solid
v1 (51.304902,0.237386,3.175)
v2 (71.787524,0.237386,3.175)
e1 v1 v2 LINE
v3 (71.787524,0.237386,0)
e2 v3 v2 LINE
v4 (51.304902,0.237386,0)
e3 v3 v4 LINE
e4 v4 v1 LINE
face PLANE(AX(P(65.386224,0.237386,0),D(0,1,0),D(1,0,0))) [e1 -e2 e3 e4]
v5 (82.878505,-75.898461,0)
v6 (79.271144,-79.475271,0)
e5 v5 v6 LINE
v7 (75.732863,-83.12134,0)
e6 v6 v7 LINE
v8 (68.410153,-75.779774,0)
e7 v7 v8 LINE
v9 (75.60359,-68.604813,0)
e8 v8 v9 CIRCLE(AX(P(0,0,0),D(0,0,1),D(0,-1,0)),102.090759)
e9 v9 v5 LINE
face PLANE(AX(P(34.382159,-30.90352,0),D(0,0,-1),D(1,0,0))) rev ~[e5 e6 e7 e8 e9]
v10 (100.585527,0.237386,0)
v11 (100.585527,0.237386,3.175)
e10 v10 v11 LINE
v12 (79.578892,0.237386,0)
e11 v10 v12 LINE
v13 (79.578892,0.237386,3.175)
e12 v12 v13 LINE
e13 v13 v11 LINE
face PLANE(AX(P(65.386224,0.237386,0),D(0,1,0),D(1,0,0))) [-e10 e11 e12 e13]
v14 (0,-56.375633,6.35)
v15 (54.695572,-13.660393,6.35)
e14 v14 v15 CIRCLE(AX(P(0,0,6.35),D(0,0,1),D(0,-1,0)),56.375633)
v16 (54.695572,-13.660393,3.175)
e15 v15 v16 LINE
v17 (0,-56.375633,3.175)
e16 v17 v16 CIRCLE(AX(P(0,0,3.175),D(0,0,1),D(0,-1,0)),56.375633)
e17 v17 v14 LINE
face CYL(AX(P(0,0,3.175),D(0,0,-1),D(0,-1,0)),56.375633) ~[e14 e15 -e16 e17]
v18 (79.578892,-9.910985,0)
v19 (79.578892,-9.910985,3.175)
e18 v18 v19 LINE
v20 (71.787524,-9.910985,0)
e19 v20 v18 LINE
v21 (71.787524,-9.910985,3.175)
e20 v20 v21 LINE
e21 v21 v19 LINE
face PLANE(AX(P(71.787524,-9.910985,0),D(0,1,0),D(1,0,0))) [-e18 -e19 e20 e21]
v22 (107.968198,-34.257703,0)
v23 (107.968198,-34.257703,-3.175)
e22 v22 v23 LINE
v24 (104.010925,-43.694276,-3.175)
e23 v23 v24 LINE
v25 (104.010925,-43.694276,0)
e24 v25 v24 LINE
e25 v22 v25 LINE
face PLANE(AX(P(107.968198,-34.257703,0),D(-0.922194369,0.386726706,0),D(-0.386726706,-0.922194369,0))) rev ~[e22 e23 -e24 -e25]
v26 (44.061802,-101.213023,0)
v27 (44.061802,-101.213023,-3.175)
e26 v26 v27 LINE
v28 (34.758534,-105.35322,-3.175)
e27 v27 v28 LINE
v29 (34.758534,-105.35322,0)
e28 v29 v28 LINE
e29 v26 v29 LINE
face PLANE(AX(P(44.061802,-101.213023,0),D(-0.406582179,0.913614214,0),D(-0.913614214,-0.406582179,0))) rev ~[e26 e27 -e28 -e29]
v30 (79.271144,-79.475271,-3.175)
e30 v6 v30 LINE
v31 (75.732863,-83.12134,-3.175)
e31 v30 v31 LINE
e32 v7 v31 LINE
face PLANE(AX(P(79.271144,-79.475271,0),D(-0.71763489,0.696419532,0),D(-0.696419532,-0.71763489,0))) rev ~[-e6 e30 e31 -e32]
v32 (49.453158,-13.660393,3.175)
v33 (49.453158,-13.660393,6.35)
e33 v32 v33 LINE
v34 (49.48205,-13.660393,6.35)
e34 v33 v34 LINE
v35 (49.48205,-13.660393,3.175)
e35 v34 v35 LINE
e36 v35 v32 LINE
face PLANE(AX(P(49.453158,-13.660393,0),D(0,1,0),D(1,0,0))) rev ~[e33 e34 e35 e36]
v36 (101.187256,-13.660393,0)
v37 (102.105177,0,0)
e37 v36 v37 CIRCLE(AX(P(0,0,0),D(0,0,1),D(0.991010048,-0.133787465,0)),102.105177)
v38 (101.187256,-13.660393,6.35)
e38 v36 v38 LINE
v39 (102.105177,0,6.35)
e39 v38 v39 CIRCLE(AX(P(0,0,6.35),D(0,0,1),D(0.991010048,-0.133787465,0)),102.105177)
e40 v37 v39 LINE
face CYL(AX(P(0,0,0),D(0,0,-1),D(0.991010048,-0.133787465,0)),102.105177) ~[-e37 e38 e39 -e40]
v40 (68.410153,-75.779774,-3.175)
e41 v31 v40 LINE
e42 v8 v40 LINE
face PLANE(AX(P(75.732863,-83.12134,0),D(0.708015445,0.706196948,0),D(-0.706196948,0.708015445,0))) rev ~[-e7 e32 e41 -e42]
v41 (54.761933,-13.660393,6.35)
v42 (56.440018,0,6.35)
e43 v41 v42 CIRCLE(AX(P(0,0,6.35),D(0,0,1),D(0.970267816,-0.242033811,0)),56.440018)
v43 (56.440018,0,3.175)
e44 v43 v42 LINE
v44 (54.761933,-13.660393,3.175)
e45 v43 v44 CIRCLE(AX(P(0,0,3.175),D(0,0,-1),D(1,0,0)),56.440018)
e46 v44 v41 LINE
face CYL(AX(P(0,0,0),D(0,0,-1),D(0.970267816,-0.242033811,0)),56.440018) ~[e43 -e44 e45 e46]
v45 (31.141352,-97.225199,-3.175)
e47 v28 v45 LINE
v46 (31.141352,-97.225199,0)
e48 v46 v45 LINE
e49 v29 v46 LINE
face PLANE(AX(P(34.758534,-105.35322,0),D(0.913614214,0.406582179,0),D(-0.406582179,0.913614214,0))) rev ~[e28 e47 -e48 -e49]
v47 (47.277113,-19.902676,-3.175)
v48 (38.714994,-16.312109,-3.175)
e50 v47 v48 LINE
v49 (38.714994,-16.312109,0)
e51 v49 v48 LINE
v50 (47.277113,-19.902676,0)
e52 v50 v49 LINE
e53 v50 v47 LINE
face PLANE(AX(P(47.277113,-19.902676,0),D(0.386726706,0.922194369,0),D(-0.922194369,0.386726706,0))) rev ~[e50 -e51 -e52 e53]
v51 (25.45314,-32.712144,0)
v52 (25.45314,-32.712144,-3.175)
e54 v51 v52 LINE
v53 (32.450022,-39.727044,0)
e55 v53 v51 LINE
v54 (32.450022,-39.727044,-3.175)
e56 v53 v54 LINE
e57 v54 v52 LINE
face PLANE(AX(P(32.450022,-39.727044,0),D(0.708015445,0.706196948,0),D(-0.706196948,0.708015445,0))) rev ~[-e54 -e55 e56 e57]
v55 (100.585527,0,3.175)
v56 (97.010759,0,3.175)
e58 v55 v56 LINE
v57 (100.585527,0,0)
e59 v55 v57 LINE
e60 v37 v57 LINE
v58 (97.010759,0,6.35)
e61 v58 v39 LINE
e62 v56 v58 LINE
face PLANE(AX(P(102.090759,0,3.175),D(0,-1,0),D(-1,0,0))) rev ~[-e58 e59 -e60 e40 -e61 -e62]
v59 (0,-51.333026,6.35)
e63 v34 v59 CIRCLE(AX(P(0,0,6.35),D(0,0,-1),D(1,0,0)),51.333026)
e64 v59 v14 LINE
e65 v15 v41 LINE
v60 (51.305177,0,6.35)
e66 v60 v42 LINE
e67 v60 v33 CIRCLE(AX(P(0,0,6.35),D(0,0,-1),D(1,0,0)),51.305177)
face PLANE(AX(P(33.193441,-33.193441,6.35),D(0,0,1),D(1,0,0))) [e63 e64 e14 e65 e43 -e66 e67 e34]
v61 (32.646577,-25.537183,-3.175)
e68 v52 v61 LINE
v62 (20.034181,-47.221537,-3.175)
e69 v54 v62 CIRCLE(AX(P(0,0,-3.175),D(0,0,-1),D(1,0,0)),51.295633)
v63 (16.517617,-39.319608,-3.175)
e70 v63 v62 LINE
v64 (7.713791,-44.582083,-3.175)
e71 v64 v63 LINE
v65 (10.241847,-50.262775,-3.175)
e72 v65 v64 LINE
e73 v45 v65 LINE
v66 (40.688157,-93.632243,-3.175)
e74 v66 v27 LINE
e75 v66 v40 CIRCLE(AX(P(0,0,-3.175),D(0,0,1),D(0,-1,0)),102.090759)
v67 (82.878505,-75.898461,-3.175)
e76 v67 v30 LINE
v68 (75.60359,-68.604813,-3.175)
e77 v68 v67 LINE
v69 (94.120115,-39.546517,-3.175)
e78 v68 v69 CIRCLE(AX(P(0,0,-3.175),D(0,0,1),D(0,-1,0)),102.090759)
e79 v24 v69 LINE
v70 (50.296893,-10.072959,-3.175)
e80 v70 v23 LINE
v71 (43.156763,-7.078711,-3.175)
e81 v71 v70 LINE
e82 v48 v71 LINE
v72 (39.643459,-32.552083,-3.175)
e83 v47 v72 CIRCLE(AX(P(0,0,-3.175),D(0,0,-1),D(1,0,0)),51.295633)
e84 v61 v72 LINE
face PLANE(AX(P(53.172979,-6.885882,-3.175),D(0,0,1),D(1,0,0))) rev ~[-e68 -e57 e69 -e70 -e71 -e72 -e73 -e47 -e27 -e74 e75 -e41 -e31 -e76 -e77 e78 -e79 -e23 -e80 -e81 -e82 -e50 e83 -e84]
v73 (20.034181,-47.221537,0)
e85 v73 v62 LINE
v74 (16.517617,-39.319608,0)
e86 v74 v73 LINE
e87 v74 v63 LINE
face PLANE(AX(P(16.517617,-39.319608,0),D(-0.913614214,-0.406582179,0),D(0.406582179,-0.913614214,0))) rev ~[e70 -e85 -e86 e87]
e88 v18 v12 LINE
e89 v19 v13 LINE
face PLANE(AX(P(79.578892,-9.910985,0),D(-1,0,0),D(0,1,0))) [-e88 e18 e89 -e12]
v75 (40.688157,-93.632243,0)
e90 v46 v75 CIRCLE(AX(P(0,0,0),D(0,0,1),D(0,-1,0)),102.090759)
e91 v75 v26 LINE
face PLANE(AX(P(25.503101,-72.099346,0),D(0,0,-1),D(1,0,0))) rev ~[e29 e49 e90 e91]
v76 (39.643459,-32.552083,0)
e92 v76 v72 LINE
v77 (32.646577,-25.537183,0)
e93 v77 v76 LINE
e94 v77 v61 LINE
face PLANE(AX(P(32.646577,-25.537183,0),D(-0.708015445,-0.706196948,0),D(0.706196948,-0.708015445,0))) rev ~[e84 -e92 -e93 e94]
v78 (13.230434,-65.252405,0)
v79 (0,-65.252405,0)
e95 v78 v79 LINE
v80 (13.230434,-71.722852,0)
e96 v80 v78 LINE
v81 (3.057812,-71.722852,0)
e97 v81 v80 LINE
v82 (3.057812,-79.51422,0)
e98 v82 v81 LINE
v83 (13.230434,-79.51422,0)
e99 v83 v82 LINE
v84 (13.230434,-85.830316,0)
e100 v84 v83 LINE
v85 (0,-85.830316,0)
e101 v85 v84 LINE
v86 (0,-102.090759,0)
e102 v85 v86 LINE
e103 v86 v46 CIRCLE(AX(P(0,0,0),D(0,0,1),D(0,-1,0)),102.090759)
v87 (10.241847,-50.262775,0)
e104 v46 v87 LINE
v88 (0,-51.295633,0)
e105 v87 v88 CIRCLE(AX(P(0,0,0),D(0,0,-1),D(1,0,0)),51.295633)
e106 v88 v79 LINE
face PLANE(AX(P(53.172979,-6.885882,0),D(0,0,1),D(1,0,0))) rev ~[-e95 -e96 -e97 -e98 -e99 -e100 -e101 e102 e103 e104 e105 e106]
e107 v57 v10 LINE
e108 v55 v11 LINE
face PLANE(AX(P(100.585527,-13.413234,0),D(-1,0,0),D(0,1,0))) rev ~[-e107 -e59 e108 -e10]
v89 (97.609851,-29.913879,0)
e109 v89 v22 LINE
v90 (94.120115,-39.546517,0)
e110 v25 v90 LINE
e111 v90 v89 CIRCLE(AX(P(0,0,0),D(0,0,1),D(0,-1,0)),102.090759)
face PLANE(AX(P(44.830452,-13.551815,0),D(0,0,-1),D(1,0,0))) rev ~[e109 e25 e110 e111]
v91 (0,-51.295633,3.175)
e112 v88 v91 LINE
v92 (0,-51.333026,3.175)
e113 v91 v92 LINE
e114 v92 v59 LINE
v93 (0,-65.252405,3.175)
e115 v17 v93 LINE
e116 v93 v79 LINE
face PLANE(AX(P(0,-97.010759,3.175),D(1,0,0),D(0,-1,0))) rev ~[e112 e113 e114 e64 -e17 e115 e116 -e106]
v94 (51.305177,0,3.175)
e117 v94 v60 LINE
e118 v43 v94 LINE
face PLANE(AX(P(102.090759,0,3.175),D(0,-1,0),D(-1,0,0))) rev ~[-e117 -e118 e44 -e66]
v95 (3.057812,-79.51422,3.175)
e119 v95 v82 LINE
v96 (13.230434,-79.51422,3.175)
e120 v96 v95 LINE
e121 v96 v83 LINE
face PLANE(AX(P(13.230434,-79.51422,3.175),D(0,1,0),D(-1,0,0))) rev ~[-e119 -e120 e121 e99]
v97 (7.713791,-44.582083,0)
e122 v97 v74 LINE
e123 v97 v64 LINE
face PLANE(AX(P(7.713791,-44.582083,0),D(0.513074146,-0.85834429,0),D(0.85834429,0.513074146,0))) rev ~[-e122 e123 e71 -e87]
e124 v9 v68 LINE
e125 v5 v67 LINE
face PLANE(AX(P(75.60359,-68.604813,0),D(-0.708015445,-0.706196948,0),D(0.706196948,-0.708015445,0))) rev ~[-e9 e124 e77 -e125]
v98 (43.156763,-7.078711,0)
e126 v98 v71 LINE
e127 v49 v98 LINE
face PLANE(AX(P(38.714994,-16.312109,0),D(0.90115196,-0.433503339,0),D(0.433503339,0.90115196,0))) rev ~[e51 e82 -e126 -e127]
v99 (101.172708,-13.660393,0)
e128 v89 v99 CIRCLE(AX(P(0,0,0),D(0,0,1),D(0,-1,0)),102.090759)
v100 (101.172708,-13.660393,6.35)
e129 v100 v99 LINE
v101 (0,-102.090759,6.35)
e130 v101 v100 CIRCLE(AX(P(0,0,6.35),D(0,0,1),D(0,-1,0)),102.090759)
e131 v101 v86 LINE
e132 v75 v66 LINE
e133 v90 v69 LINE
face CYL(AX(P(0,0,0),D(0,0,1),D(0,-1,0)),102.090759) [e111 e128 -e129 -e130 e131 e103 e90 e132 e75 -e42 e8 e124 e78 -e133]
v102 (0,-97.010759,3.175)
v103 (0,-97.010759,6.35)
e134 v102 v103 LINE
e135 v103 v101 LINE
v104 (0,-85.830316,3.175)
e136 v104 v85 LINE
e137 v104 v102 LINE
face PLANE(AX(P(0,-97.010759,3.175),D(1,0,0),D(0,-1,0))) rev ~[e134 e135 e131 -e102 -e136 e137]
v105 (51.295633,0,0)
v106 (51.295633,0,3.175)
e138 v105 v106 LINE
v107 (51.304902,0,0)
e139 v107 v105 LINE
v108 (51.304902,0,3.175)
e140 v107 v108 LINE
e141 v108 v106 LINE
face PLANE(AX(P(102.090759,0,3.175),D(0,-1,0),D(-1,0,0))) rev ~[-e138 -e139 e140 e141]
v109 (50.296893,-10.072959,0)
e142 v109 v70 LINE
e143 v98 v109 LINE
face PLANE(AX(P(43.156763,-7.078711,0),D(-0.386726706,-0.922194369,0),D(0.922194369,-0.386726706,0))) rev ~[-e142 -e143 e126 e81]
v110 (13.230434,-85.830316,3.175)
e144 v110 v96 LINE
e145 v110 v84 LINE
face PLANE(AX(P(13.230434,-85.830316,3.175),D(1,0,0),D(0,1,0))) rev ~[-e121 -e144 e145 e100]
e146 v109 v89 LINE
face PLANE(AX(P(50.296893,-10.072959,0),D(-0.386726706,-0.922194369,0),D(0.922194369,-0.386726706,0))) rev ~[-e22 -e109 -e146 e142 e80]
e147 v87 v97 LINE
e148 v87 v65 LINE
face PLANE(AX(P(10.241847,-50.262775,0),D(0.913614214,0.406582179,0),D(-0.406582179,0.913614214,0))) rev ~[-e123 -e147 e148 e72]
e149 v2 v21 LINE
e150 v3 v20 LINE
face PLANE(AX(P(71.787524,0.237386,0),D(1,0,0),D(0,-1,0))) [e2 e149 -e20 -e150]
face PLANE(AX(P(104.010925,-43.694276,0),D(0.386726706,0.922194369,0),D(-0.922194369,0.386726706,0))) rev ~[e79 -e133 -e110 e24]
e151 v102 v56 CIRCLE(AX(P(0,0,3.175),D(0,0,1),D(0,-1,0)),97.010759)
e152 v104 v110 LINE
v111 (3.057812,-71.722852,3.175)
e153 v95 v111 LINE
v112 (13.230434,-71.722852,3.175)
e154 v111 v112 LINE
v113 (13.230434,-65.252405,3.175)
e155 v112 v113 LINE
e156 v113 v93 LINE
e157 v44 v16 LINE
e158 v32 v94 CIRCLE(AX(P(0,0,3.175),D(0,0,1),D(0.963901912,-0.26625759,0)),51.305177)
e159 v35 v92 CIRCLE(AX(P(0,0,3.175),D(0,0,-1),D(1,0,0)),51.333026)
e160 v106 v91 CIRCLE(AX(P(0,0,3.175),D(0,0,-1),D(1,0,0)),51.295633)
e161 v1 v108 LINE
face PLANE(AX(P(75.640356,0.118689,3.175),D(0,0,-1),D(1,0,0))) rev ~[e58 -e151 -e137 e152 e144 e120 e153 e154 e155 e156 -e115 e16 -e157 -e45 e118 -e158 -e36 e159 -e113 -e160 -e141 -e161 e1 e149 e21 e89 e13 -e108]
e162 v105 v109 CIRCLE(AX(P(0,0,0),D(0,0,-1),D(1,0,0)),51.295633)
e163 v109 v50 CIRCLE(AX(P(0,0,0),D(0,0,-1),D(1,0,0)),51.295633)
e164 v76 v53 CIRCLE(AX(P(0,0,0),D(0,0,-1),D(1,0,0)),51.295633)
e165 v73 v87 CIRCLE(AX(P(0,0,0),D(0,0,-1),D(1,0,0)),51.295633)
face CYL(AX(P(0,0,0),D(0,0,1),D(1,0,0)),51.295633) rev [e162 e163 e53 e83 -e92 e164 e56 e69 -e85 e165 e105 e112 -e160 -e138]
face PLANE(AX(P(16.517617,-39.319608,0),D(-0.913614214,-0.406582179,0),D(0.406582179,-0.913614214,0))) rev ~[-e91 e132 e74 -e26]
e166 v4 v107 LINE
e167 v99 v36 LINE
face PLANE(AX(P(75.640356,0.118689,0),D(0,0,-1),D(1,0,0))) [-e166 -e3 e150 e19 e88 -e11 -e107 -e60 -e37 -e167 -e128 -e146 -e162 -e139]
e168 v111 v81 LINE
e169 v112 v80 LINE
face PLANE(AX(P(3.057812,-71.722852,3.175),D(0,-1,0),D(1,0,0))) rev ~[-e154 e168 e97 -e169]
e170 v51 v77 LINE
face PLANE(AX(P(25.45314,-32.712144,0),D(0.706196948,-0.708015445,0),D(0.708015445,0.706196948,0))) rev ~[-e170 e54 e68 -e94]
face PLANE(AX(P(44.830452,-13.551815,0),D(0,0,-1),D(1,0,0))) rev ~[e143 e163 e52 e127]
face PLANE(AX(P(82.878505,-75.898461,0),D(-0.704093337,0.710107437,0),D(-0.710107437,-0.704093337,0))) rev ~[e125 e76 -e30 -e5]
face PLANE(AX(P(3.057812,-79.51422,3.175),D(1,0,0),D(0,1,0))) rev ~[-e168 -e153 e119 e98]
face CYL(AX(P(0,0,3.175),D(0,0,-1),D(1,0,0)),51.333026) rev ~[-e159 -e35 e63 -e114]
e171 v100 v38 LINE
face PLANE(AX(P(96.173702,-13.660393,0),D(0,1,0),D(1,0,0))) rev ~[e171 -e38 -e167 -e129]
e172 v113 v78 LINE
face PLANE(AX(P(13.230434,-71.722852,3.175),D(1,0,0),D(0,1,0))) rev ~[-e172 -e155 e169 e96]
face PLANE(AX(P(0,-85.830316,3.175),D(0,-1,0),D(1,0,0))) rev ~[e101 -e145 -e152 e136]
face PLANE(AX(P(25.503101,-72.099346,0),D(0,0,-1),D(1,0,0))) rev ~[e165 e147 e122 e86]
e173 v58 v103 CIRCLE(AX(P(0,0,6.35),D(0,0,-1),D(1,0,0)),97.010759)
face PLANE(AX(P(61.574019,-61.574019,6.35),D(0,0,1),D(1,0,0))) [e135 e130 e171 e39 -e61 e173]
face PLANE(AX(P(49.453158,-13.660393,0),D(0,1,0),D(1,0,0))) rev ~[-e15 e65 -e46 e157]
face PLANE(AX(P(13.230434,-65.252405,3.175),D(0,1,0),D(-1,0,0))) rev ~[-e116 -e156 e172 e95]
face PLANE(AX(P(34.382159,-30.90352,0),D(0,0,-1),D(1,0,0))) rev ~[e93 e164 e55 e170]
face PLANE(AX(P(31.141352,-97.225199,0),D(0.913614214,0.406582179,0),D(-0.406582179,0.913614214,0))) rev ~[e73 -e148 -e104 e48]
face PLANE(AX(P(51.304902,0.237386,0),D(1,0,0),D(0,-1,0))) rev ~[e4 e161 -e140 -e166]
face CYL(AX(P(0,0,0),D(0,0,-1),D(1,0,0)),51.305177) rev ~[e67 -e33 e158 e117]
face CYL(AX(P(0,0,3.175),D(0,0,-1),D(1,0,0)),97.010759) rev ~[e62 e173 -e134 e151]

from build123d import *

# Parameters (mm, degrees)
F1_DEPTH  = 3.175
F4_DEPTH  = 3.175
F6_DEPTH  = 6.35
F7_DEPTH  = 3.175
F9_DEPTH  = 25.4
F11_DEPTH = 3.175
F13_DEPTH = 3.175
F14_DEPTH = 3.175
F15_DEPTH = 6.351


with BuildPart() as f1:
    # F0 (on Top) → F1 (new body)
    with BuildSketch(Plane.XY):
        with BuildLine():
            Line((0, -51.2956328023), (0, -102.09075941))
            ThreePointArc((0, -102.09075941), (72.1890682753, -72.1890682753), (102.09075941, 0))
            Line((102.09075941, 0), (51.2956328023, 0))
            ThreePointArc((51.2956328023, 0), (36.2714897998, -36.2714897998), (0, -51.2956328023))
        make_face()
    extrude(amount=F1_DEPTH)

    # F3 (on face) → F4 (join)
    with BuildSketch(Plane.XY.offset(3.175)):
        with BuildLine():
            ThreePointArc((0, -56.3756328023), (39.8635922482, -39.8635922482), (56.3756328023, 0))
            Line((56.3756328023, 0), (51.3330261441, 0))
            ThreePointArc((51.3330261441, 0), (36.2979308853, -36.2979308853), (0, -51.3330261441))
            Line((0, -51.3330261441), (0, -56.3756328023))
        make_face()
        with BuildLine():
            Line((102.09075941, 0), (97.01075941, 0))
            ThreePointArc((97.01075941, 0), (68.5969658269, -68.5969658269), (0, -97.01075941))
            Line((0, -97.01075941), (0, -102.09075941))
            ThreePointArc((0, -102.09075941), (72.1890682753, -72.1890682753), (102.09075941, 0))
        make_face()
    extrude(amount=F4_DEPTH)

    # F5 (on Top) → F6 (join)
    with BuildSketch(Plane.XY):
        with BuildLine():
            ThreePointArc((54.7619331998, -13.660392724), (56.0189261095, -6.8815386855), (56.4400182242, 0))
            Line((56.4400182242, 0), (51.3051767249, 0))
            ThreePointArc((51.3051767249, 0), (50.8400637591, -6.8926827684), (49.4531579316, -13.660392724))
            Line((49.4531579316, -13.660392724), (54.7619331998, -13.660392724))
        make_face()
        with BuildLine():
            Line((102.1051767249, 0), (97.1390098326, 0))
            ThreePointArc((97.1390098326, 0), (96.8973822865, -6.8472284381), (96.1737017167, -13.660392724))
            Line((96.1737017167, -13.660392724), (101.1872560388, -13.660392724))
            ThreePointArc((101.1872560388, -13.660392724), (101.8754380952, -6.8455990928), (102.1051767249, 0))
        make_face()
    extrude(amount=F6_DEPTH)

    # F2 (on Top) → F7 (join)
    with BuildSketch(Plane.XY):
        Polygon((65.3862244444, -13.4132344524), (65.3862244444, 0.2373858813), (51.3049019501, 0.2373858813), (51.3049019501, -13.4632168472), align=None)
        Polygon((100.5855267867, 0.2373858813), (85.8938746733, 0.2373858813), (85.9641355587, -13.4132344524), (100.5855267867, -13.4132344524), align=None)
    extrude(amount=F7_DEPTH)

    # F8 (on face) → F9 (cut)
    with BuildSketch(Plane.XY.offset(3.175)):
        Polygon((0, -85.8303158734), (13.2304336887, -85.8303158734), (13.2304336887, -79.5142199461), (6.7552071823, -79.5142199461), (3.0578118576, -79.5142199461), (3.0578118576, -71.7228521654), (6.7552071823, -71.7228521654), (13.2304336887, -71.7228521654), (13.2304336887, -65.2524047592), (0, -65.2524047592), align=None)
    extrude(amount=-F9_DEPTH, mode=Mode.SUBTRACT)

    # F10 (on face) → F11 (join)
    with BuildSketch(Plane(origin=(0, 0, 0), x_dir=(1, 0, 0), z_dir=(0, 0, -1))):
        with BuildLine():
            ThreePointArc((39.6434592285, 32.5520826521), (37.980845771, 34.4774897449), (36.2248193412, 36.3181002847))
            Line((36.2248193412, 36.3181002847), (29.0498583475, 29.1246633635))
            Line((29.0498583475, 29.1246633635), (32.646576808, 25.5371828667))
            Line((32.646576808, 25.5371828667), (39.6434592285, 32.5520826521))
        make_face()
        with BuildLine():
            Line((29.0498583475, 29.1246633635), (36.2248193412, 36.3181002847))
            ThreePointArc((36.2248193412, 36.3181002847), (34.3796988436, 38.0693873344), (32.4500223073, 39.7270436459))
            Line((32.4500223073, 39.7270436459), (25.4531398869, 32.7121438604))
            Line((25.4531398869, 32.7121438604), (29.0498583475, 29.1246633635))
        make_face()
        with BuildLine():
            Line((36.2248193412, 36.3181002847), (72.0961827352, 72.2818344532))
            ThreePointArc((72.0961827352, 72.2818344532), (70.2749350461, 74.0537417095), (68.4101530773, 75.7797737714))
            Line((68.4101530773, 75.7797737714), (32.4500223073, 39.7270436459))
            ThreePointArc((32.4500223073, 39.7270436459), (34.3796988436, 38.0693873344), (36.2248193412, 36.3181002847))
        make_face()
        with BuildLine():
            ThreePointArc((75.6035899985, 68.6048127777), (73.8727679087, 70.4651496728), (72.0961827352, 72.2818344532))
            Line((72.0961827352, 72.2818344532), (36.2248193412, 36.3181002847))
            ThreePointArc((36.2248193412, 36.3181002847), (37.980845771, 34.4774897449), (39.6434592285, 32.5520826521))
            Line((39.6434592285, 32.5520826521), (75.6035899985, 68.6048127777))
        make_face()
        with BuildLine():
            Line((79.271143729, 79.4752713743), (72.0961827352, 72.2818344532))
            ThreePointArc((72.0961827352, 72.2818344532), (73.8727679087, 70.4651496728), (75.6035899985, 68.6048127777))
            Line((75.6035899985, 68.6048127777), (82.8785053866, 75.8984614814))
            Line((82.8785053866, 75.8984614814), (79.271143729, 79.4752713743))
        make_face()
        with BuildLine():
            ThreePointArc((68.4101530773, 75.7797737714), (70.2749350461, 74.0537417095), (72.0961827352, 72.2818344532))
            Line((72.0961827352, 72.2818344532), (79.271143729, 79.4752713743))
            Line((79.271143729, 79.4752713743), (75.7328631666, 83.1213402502))
            Line((75.7328631666, 83.1213402502), (68.4101530773, 75.7797737714))
        make_face()
        with BuildLine():
            Line((20.0341812257, 47.2215366883), (40.6881574418, 93.6322433828))
            ThreePointArc((40.6881574418, 93.6322433828), (35.9596571955, 95.5480309127), (31.1413521737, 97.2251991086))
            Line((31.1413521737, 97.2251991086), (10.2418471319, 50.2627746142))
            ThreePointArc((10.2418471319, 50.2627746142), (15.2141958482, 48.9874493037), (20.0341812257, 47.2215366883))
        make_face()
        with BuildLine():
            ThreePointArc((31.1413521737, 97.2251991086), (35.9596571955, 95.5480309127), (40.6881574418, 93.6322433828))
            Line((40.6881574418, 93.6322433828), (44.0618023276, 101.2130230665))
            Line((44.0618023276, 101.2130230665), (34.7585338749, 105.353220427))
            Line((34.7585338749, 105.353220427), (31.1413521737, 97.2251991086))
        make_face()
        with BuildLine():
            Line((16.5176168084, 39.3196083605), (20.0341812257, 47.2215366883))
            ThreePointArc((20.0341812257, 47.2215366883), (15.2141958482, 48.9874493037), (10.2418471319, 50.2627746142))
            Line((10.2418471319, 50.2627746142), (7.7137911807, 44.5820833017))
            Line((7.7137911807, 44.5820833017), (16.5176168084, 39.3196083605))
        make_face()
        with BuildLine():
            ThreePointArc((50.2968928634, 10.0729594896), (49.0339423103, 15.0636796999), (47.2771132537, 19.902675875))
            Line((47.2771132537, 19.902675875), (38.7149937451, 16.3121093065))
            Line((38.7149937451, 16.3121093065), (43.1567628434, 7.0787111473))
            Line((43.1567628434, 7.0787111473), (50.2968928634, 10.0729594896))
        make_face()
        with BuildLine():
            ThreePointArc((97.6098508897, 29.9138791566), (95.9858944102, 34.7740022313), (94.1201154327, 39.5465172658))
            Line((94.1201154327, 39.5465172658), (47.2771132537, 19.902675875))
            ThreePointArc((47.2771132537, 19.902675875), (49.0339423103, 15.0636796999), (50.2968928634, 10.0729594896))
            Line((50.2968928634, 10.0729594896), (97.6098508897, 29.9138791566))
        make_face()
        with BuildLine():
            Line((104.0109246969, 43.6942763627), (94.1201154327, 39.5465172658))
            ThreePointArc((94.1201154327, 39.5465172658), (95.9858944102, 34.7740022313), (97.6098508897, 29.9138791566))
            Line((97.6098508897, 29.9138791566), (107.9681979582, 34.2577025116))
            Line((107.9681979582, 34.2577025116), (104.0109246969, 43.6942763627))
        make_face()
    extrude(amount=F11_DEPTH)

    # F12 (on face) → F13 (join)
    with BuildSketch(Plane(origin=(0, 0, 0), x_dir=(1, 0, 0), z_dir=(0, 0, -1))):
        Polygon((65.3862244444, 0), (65.3862244444, -0.2373858813), (85.8938746733, -0.2373858813), (85.8950965183, 0), align=None)
    extrude(amount=-F13_DEPTH)

    # F14 (add): faces of the model
    f14_faces = [f1.faces().sort_by_distance(p)[0] for p in [
        (67.5252079874, -42.3895565008, 0),
        (42.5870000815, -67.3227346229, 0),
    ]]
    extrude(f14_faces, amount=F14_DEPTH)

    # F2 (on Top) → F15 (cut, through all)
    with BuildSketch(Plane.XY):
        Polygon((79.5788919434, -9.9109848417), (79.5788919434, -6.2948371671), (79.5788919434, 0.2373858813), (71.7875241627, 0.2373858813), (71.7875241627, -6.2948371671), (71.7875241627, -9.9109848417), align=None)
    extrude(amount=F15_DEPTH, mode=Mode.SUBTRACT)


solid = f1.part
